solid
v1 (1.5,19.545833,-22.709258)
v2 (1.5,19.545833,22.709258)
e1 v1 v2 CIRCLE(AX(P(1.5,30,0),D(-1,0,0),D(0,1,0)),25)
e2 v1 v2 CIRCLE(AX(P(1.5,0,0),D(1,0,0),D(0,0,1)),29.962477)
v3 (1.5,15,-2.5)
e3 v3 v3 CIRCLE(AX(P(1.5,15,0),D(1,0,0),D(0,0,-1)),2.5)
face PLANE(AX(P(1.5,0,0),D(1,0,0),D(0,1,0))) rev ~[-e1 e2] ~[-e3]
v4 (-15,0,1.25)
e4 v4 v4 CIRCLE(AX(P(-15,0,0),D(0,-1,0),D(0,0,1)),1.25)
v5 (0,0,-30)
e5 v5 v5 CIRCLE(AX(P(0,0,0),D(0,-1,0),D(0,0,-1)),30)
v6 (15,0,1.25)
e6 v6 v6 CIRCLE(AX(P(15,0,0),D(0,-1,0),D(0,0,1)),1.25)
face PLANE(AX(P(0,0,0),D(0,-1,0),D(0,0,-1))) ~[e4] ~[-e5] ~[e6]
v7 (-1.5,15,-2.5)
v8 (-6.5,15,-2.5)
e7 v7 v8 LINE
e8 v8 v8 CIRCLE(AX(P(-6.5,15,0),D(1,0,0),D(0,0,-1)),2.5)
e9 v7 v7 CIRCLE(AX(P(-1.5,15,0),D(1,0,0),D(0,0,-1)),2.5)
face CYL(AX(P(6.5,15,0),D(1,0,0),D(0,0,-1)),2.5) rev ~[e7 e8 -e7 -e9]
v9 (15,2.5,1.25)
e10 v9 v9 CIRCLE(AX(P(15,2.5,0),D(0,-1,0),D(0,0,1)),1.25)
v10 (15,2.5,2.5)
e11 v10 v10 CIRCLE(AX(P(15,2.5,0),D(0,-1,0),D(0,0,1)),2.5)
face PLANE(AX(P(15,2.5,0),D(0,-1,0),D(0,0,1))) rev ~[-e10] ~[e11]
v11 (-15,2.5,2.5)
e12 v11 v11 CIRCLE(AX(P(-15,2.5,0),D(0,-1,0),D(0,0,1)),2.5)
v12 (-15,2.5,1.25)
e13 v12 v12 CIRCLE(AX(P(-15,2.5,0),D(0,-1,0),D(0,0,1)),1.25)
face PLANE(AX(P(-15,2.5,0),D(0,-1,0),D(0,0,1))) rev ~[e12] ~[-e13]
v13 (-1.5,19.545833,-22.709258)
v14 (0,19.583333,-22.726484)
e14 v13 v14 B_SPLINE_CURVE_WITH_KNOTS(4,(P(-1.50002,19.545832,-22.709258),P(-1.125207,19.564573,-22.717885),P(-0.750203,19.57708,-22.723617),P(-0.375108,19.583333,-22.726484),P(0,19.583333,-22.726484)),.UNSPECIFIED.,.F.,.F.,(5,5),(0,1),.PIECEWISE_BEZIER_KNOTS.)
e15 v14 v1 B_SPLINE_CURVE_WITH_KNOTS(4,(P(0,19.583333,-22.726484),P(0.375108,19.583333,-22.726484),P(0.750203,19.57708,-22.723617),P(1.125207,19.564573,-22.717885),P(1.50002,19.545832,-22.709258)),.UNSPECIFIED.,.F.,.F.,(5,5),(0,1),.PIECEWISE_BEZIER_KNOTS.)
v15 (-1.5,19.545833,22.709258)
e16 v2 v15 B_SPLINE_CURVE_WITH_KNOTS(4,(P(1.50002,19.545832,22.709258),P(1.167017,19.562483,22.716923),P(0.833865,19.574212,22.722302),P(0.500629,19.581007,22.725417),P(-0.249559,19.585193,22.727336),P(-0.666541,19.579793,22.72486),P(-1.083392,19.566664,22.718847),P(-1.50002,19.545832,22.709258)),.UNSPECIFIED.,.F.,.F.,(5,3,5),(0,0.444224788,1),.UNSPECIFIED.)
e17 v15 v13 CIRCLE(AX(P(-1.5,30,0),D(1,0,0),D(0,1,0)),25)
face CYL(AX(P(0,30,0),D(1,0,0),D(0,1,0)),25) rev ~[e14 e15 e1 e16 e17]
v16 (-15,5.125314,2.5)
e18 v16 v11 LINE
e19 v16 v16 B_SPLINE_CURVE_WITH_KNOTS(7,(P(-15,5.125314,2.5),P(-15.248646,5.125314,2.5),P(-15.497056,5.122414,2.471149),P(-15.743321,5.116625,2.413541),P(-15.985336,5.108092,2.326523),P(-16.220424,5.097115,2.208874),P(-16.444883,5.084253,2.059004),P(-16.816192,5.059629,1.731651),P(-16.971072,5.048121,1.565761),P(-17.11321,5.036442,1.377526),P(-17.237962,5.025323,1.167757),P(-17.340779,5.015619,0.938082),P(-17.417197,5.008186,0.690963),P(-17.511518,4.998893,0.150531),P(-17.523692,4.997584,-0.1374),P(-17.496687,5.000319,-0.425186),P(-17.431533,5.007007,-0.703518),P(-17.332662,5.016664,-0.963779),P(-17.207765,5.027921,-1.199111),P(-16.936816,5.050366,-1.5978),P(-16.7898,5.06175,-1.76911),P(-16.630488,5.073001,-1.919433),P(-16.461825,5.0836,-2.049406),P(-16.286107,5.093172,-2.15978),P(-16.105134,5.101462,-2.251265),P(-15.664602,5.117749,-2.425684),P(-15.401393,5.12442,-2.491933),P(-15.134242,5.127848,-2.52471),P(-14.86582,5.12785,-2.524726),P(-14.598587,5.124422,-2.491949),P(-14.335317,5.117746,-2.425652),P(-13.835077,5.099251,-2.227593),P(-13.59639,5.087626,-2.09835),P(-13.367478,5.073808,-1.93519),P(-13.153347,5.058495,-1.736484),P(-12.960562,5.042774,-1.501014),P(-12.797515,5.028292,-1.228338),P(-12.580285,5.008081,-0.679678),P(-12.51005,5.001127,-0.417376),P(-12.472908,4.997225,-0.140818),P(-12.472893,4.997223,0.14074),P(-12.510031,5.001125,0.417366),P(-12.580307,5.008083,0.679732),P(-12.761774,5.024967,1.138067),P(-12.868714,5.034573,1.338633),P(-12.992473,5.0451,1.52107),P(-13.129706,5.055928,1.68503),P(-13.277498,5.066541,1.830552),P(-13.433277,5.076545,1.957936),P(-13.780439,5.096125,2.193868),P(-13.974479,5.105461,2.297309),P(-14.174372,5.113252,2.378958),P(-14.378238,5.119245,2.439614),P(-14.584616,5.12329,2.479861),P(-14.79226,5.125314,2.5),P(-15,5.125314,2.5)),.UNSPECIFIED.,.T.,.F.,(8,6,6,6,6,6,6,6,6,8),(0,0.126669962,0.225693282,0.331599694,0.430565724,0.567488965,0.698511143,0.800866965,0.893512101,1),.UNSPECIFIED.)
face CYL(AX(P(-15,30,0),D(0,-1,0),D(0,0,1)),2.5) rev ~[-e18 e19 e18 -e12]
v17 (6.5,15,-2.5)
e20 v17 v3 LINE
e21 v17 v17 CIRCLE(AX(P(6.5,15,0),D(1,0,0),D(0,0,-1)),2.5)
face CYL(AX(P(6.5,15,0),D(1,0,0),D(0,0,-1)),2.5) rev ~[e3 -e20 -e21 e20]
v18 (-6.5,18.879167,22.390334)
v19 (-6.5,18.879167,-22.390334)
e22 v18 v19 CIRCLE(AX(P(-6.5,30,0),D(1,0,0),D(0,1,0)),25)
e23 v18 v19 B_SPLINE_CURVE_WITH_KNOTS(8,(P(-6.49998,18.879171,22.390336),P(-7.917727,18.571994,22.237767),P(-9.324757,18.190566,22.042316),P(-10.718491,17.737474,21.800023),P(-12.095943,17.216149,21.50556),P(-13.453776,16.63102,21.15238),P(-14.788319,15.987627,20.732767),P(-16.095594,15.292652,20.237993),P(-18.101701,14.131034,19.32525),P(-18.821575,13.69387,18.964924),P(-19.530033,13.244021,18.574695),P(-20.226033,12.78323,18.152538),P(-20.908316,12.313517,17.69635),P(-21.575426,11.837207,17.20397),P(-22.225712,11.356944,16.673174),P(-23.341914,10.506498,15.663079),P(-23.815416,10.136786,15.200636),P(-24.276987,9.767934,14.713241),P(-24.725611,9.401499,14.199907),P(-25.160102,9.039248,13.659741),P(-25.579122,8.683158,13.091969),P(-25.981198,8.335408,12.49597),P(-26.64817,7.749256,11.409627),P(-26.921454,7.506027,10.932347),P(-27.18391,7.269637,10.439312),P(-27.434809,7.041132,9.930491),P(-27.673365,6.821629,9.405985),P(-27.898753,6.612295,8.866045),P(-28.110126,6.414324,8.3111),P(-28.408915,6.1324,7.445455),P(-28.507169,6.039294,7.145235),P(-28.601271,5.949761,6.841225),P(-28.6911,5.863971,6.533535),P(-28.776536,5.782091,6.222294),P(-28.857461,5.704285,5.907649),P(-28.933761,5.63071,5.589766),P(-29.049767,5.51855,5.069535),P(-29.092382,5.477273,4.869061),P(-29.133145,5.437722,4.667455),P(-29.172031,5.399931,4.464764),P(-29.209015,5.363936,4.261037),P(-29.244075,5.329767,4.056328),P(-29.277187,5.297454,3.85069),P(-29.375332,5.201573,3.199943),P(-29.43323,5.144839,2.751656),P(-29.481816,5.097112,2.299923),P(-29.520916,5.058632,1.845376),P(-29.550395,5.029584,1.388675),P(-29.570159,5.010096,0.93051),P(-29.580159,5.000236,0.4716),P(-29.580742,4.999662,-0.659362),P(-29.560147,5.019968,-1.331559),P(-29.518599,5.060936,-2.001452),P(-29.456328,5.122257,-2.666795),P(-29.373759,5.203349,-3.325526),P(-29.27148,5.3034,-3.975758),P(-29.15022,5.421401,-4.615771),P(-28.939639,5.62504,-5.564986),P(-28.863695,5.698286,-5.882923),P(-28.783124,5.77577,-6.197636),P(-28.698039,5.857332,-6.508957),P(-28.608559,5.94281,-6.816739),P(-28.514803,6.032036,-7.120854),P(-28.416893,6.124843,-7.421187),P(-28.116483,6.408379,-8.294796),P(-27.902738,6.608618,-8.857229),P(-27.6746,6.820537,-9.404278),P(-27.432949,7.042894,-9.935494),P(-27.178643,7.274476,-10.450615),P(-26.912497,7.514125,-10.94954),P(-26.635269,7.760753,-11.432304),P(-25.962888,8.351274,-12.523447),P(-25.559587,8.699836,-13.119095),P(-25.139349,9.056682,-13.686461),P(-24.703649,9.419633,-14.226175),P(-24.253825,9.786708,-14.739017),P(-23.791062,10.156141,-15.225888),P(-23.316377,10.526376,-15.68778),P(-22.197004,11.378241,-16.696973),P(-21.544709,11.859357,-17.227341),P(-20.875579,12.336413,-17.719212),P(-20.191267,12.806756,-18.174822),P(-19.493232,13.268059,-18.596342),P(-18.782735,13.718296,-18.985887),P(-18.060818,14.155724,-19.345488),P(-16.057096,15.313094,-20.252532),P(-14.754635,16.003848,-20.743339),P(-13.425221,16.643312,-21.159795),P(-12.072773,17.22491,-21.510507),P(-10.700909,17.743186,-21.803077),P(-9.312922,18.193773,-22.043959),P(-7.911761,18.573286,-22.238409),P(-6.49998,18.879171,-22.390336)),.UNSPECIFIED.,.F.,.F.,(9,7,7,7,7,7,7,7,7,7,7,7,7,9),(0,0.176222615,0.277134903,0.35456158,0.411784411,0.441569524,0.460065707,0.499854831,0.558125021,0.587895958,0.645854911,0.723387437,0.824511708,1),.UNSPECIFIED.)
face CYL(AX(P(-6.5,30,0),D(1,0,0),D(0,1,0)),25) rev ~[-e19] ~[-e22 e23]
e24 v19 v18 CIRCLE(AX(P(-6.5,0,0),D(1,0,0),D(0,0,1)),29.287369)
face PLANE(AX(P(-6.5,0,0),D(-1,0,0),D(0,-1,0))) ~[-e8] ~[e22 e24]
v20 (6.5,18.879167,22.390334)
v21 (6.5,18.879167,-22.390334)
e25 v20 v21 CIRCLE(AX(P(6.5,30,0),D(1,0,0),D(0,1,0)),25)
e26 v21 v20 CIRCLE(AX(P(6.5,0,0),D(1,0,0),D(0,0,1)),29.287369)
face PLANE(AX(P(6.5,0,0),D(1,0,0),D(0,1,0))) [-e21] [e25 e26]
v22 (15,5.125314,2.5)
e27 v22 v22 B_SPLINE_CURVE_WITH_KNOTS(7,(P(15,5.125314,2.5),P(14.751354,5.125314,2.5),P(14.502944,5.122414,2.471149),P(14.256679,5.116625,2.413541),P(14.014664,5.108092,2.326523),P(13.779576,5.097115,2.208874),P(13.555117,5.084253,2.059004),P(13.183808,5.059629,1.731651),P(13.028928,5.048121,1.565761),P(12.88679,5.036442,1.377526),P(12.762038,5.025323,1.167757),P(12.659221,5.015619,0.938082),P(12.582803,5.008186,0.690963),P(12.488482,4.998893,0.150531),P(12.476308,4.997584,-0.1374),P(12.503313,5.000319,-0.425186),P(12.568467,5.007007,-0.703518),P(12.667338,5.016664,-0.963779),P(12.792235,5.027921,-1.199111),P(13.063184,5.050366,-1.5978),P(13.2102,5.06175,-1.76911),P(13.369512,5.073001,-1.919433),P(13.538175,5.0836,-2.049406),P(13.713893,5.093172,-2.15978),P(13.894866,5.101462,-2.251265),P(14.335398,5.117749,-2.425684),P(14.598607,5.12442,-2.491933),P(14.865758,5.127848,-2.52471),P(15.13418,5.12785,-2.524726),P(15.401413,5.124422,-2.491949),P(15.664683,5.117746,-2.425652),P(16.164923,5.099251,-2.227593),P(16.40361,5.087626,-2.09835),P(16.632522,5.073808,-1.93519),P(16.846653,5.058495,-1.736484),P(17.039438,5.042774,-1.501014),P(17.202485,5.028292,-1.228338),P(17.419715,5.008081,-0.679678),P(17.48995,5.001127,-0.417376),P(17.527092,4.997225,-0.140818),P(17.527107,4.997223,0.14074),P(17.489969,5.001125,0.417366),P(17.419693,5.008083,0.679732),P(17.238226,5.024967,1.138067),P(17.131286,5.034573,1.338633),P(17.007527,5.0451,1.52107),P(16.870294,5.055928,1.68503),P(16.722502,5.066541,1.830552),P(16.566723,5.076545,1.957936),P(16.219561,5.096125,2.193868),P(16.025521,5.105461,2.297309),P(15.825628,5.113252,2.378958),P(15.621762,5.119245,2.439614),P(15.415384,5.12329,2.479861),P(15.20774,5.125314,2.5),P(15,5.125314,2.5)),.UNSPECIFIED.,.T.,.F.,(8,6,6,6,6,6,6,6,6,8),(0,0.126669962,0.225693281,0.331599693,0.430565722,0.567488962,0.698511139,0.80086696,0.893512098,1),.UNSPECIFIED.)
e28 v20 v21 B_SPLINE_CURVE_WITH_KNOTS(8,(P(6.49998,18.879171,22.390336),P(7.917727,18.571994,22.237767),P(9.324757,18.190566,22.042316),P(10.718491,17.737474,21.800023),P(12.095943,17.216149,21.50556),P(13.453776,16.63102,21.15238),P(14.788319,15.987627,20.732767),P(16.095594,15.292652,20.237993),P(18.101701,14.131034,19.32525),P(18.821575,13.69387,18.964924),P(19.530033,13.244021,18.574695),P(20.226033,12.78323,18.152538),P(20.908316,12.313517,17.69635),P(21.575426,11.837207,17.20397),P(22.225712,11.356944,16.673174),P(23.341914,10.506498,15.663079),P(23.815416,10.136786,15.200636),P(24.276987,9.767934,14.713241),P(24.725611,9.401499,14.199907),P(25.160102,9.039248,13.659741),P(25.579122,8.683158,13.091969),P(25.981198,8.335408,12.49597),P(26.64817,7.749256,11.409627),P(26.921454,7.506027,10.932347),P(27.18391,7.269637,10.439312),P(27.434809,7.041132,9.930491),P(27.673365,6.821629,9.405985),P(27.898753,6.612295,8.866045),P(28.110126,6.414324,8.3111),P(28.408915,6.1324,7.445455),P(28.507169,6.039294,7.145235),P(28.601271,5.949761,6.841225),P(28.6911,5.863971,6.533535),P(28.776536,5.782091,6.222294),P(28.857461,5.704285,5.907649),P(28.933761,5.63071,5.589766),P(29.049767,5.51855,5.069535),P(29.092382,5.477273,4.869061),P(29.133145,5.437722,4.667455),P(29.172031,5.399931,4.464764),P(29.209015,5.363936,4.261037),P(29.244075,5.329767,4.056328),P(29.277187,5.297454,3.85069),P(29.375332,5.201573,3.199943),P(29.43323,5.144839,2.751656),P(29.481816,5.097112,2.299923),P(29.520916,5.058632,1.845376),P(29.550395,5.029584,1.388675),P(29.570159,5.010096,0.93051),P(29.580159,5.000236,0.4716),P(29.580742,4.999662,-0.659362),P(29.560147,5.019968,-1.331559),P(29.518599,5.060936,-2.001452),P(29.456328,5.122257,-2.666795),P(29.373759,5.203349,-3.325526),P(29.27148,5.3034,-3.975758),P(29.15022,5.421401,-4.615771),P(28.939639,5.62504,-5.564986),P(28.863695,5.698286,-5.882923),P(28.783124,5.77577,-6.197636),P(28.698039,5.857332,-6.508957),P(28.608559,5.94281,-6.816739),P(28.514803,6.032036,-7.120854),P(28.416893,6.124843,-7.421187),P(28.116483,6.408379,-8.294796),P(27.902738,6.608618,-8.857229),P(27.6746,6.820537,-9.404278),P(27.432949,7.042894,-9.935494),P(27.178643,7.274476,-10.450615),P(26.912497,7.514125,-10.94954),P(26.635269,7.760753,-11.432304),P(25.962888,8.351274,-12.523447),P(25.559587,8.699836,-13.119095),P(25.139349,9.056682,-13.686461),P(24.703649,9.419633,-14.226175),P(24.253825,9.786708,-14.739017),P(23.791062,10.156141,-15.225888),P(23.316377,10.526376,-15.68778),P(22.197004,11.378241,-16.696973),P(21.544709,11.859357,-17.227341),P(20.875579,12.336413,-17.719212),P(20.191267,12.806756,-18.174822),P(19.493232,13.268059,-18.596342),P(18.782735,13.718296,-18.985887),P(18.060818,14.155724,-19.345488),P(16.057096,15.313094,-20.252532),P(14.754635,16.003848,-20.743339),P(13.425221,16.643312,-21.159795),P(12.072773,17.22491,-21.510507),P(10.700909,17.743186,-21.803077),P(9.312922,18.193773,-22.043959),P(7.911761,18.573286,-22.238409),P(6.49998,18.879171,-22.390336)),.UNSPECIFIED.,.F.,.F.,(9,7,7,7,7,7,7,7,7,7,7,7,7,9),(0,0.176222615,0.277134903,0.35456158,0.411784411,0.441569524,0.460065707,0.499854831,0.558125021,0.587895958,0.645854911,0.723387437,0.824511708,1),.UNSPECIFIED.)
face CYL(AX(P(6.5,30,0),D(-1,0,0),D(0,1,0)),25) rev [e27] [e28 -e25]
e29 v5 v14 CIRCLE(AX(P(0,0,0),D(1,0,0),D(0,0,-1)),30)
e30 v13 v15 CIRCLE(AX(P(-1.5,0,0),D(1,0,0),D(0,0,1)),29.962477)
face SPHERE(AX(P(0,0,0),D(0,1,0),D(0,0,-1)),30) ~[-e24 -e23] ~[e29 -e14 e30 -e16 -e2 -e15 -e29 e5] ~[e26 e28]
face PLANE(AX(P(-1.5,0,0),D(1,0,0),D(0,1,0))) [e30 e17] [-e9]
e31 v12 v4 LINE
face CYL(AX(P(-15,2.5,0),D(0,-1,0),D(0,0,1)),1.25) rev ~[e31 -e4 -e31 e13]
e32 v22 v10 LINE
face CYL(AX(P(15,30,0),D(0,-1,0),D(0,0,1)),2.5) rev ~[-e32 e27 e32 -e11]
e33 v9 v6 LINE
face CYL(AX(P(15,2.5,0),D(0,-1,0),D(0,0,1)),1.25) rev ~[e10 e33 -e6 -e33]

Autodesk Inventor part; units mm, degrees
ref_plane "XY Plane" through (0, 0, 0) normal (0, 0, 1) x (1, 0, 0)
sketch "Sketch1" plane through (0, 0, 0) normal (1, 0, 0) x (0, 1, 0)
  arc A0 (0, -30) -> (30, 0) centre (0, 0) ccw
  line L0 (30, 0) -> (0, 0)
  line L1 (0, 0) -> (0, -30)
  dimension "d0" = 30
revolve "Revolution1" add sketch "Sketch1" angle 360 about axis through (0, 30, 0) along (0, -1, 0)
ref_plane "Work Plane1" through (6.5, 0, 0) normal (1, 0, 0) x (0, 1, 0)
sketch "Sketch3" plane through (6.5, 0, 0) normal (1, 0, 0) x (0, 1, 0)
  circle A0 centre (30, 0) radius 25
  line L0 (0, 30) -> (0, -30) projected
  point P0 (0, 0)
  dimension "d7" = 50
  dimension "d8" = 30
extrude "Extrusion2" cut sketch "Sketch3" along normal through all
mirror "Mirror1" about plane through (0, 0, 0) normal (1, 0, 0) of "Extrusion2"
sketch "Sketch4" plane through (0, 0, 0) normal (1, 0, 0) x (0, 1, 0)
  arc A0 (0, -30) -> (0, 30) centre (0, 0) ccw projected
  circle A1 centre (30, 0) radius 25
  dimension "d11" = 50
extrude "Extrusion3" cut sketch "Sketch4" along normal mid plane 3
sketch "Sketch5" plane through (6.5, 0, 0) normal (1, 0, 0) x (0, 0, -1)
  circle A0 centre (0, 15) radius 2.5
  line L0 (-30, 0) -> (30, 0) projected
  point P0 (0, 0)
  dimension "d14" = 5
  dimension "d15" = 15
extrude "Extrusion4" cut sketch "Sketch5" against normal through all
ref_plane "Work Plane2" through (0, 30, 0) normal (0, 1, 0) x (-1, 0, 0)
sketch "Sketch7" plane through (0, 30, 0) normal (0, 1, 0) x (-1, 0, 0)
  line L0 (15, 0) -> (-15, 0) construction
  point P0 (0, 0)
  point P1 (0, 0)
  dimension "d21" = 30
hole "Hole1" at (-15, 30, 0) at (15, 30, 0) direction (0, -1, 0) diameter 2.5 end through all counterbore diameter 5 counterbore depth 27.5
